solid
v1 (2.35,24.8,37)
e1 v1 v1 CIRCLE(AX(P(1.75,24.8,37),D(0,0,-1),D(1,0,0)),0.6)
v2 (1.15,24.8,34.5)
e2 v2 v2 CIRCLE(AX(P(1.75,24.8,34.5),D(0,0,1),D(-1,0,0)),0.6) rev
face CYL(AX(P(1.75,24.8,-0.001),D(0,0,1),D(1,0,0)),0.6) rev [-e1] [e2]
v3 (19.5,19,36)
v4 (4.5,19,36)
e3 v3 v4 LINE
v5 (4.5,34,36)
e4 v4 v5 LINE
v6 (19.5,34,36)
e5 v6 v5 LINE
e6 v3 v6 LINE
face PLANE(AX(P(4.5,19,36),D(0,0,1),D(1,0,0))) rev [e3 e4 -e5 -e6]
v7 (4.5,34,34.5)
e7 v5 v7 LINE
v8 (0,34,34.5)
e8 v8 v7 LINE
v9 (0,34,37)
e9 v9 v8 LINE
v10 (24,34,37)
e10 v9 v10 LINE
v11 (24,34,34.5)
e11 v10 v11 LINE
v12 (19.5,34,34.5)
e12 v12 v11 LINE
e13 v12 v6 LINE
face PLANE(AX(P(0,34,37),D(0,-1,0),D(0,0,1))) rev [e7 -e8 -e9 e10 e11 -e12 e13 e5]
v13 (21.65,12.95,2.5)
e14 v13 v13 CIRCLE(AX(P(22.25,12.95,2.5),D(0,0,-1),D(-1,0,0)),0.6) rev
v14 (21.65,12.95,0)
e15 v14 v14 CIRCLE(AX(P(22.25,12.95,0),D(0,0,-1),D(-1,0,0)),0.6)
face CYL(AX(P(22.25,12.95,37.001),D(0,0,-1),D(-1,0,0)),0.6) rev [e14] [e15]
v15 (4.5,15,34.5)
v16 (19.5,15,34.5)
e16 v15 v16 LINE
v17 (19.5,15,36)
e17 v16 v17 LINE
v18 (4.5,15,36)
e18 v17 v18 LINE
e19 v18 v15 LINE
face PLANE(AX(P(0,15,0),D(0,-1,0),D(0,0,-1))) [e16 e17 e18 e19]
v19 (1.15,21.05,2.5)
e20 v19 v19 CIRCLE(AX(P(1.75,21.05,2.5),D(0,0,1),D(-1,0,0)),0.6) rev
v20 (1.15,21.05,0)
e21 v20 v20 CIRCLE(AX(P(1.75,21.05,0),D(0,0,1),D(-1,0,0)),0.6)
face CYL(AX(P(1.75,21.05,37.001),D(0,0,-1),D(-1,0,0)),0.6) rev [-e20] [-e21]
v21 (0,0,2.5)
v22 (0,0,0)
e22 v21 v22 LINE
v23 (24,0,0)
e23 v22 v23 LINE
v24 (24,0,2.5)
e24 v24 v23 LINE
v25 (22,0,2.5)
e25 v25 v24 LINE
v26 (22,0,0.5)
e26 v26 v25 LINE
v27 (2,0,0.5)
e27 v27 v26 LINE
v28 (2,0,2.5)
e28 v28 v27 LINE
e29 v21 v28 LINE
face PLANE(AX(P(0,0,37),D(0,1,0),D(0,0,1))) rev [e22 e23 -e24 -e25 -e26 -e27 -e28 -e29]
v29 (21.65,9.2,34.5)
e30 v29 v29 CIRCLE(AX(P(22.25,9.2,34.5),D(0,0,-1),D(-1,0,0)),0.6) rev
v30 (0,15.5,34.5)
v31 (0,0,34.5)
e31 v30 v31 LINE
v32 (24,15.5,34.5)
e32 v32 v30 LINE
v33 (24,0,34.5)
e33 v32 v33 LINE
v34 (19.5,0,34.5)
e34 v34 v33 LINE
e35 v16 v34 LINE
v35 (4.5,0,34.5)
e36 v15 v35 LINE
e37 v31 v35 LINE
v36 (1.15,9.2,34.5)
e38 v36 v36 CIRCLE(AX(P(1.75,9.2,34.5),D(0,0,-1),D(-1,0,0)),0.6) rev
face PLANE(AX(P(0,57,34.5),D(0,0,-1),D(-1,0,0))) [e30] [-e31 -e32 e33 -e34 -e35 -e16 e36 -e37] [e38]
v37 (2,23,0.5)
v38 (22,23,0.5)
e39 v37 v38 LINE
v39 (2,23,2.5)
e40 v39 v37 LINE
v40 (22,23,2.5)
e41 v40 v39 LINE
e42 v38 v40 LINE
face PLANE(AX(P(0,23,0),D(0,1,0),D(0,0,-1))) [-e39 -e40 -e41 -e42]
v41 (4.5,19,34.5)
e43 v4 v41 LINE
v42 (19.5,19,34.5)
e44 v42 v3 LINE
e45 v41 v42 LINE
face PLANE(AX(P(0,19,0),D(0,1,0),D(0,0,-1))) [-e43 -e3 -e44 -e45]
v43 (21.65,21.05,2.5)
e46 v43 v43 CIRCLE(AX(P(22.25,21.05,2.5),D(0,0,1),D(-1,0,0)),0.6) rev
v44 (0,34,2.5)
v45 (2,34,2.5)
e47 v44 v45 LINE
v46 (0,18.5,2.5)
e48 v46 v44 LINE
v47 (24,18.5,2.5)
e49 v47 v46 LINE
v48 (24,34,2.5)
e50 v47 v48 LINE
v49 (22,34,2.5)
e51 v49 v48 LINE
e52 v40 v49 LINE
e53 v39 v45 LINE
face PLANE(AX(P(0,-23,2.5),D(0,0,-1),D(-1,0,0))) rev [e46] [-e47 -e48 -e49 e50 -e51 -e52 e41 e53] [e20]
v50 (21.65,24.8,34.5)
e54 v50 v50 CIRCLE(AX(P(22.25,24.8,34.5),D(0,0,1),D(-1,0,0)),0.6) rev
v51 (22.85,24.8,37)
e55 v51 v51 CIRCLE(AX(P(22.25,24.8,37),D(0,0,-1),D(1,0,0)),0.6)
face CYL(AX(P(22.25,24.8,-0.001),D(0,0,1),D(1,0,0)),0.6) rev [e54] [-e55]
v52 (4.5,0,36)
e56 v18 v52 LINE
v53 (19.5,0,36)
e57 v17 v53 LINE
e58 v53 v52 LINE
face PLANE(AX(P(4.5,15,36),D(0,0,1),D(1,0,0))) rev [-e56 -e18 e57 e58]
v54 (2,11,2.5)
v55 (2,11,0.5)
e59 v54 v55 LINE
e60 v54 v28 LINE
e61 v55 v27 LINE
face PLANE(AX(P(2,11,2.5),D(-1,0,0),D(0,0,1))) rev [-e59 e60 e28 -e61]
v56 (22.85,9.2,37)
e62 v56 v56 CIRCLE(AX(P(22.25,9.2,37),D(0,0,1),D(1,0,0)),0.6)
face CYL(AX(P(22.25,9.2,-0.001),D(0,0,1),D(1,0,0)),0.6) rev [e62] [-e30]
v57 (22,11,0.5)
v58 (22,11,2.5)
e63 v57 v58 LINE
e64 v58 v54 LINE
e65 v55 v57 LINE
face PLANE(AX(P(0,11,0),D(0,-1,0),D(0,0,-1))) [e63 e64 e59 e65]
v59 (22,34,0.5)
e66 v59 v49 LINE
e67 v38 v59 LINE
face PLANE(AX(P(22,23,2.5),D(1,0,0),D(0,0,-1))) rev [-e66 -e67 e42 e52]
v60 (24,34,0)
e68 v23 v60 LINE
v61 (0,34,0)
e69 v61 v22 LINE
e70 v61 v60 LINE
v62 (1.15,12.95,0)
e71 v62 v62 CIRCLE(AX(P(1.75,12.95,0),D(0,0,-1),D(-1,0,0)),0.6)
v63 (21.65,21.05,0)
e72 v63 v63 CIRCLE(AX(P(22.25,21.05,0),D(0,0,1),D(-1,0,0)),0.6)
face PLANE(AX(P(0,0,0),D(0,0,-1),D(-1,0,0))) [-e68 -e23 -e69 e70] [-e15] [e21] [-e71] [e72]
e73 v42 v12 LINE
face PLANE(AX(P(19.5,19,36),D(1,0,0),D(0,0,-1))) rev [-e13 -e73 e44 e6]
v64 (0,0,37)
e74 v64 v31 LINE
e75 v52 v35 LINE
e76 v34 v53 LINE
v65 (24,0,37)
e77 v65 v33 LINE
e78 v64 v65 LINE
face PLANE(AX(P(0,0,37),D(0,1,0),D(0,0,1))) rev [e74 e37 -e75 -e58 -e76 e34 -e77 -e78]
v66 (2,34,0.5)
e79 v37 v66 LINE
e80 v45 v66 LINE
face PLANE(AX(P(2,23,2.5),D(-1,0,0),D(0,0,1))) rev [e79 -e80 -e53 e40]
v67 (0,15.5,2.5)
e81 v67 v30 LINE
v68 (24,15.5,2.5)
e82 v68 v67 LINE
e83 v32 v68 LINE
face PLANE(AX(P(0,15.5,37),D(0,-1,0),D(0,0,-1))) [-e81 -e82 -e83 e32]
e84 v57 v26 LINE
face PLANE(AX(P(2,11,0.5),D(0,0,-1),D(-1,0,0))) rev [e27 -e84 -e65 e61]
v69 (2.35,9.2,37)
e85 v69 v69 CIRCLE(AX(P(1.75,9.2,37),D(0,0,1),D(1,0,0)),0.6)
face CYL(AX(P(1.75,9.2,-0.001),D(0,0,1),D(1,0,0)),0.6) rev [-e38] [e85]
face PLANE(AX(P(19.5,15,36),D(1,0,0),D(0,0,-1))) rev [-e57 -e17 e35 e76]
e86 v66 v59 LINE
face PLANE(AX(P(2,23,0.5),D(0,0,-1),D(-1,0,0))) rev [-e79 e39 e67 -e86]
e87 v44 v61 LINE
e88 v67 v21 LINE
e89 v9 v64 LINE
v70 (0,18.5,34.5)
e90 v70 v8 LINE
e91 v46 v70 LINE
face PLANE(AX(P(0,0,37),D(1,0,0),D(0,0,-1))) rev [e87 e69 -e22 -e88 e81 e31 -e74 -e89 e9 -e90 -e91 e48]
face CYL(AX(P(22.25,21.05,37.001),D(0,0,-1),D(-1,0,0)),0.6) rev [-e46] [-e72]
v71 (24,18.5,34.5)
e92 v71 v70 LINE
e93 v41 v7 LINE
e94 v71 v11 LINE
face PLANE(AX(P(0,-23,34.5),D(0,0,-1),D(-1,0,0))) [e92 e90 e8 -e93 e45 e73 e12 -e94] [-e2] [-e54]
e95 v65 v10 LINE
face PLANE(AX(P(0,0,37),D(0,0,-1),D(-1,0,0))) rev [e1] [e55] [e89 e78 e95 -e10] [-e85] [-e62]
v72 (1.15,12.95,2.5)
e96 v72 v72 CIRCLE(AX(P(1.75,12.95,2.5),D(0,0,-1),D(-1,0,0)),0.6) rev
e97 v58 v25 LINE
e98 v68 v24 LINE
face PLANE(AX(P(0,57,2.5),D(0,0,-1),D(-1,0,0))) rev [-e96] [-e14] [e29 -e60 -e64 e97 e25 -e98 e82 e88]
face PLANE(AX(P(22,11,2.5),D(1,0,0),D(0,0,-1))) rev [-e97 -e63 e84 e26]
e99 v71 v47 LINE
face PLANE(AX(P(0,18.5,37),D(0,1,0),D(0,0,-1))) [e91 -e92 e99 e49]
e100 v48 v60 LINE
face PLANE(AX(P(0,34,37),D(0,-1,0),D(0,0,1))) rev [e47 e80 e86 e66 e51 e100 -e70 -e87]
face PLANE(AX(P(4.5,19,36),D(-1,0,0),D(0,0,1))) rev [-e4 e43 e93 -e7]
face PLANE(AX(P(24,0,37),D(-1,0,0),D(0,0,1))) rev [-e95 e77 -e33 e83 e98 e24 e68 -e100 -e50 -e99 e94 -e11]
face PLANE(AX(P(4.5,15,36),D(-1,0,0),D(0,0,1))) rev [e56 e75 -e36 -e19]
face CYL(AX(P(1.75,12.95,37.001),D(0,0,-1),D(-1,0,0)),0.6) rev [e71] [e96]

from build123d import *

# Parameters (mm, degrees)
SKETCH_1_W          = 24
SKETCH_1_H          = 17
EXTRUDE_1_DEPTH     = 37
CUT_EXTRUDE_1_DEPTH = 15.5
CUT_EXTRUDE_2_REACH = 49.265
SKETCH_3_R          = 0.6
CUT_EXTRUDE_3_REACH = 49.265
SKETCH_4_R          = 0.6
SKETCH_5_W          = 20
SKETCH_5_H          = 2
CUT_EXTRUDE_4_DEPTH = 11
SKETCH_6_W          = 15
SKETCH_6_H          = 1.5
CUT_EXTRUDE_5_DEPTH = 15


with BuildPart() as part:
    # 草图1 → 凸台-拉伸1 (new body)
    with BuildSketch(Plane.XY):
        with Locations((12, 8.5)):
            Rectangle(SKETCH_1_W, SKETCH_1_H)
    extrude(amount=EXTRUDE_1_DEPTH)

    # 草图2 → 切除-拉伸1 (cut)
    with BuildSketch(Plane.XZ):
        Polygon((24, 34.5), (0, 34.5), (0, 18.5), (0, 2.5), (24, 2.5), align=None)
    extrude(amount=-CUT_EXTRUDE_1_DEPTH, mode=Mode.SUBTRACT)

    # 草图3 → 切除-拉伸2 (cut, up to next)
    with BuildSketch(Plane.XY.offset(37), mode=Mode.PRIVATE) as cut_extrude_2_sk1:
        with Locations((1.75, 9.2)):
            Circle(SKETCH_3_R)
    cut_extrude_2_tool1 = extrude(cut_extrude_2_sk1.sketch, amount=-CUT_EXTRUDE_2_REACH, mode=Mode.PRIVATE) & part.part
    # 草图3 → 切除-拉伸2 (cut, up to next)
    with BuildSketch(Plane.XY.offset(37), mode=Mode.PRIVATE) as cut_extrude_2_sk2:
        with Locations((22.25, 9.2)):
            Circle(SKETCH_3_R)
    cut_extrude_2_tool2 = extrude(cut_extrude_2_sk2.sketch, amount=-CUT_EXTRUDE_2_REACH, mode=Mode.PRIVATE) & part.part
    add(cut_extrude_2_tool1.solids().sort_by_distance((1.75, 9.2, 37))[0], mode=Mode.SUBTRACT)
    add(cut_extrude_2_tool2.solids().sort_by_distance((22.25, 9.2, 37))[0], mode=Mode.SUBTRACT)

    # 草图4 → 切除-拉伸3 (cut, up to next)
    with BuildSketch(Plane(origin=(0, 0, 0), x_dir=(-1, 0, 0), z_dir=(0, 0, -1)), mode=Mode.PRIVATE) as cut_extrude_3_sk1:
        with Locations((-22.25, 12.95)):
            Circle(SKETCH_4_R)
    cut_extrude_3_tool1 = extrude(cut_extrude_3_sk1.sketch, amount=-CUT_EXTRUDE_3_REACH, mode=Mode.PRIVATE) & part.part
    # 草图4 → 切除-拉伸3 (cut, up to next)
    with BuildSketch(Plane(origin=(0, 0, 0), x_dir=(-1, 0, 0), z_dir=(0, 0, -1)), mode=Mode.PRIVATE) as cut_extrude_3_sk2:
        with Locations((-1.75, 12.95)):
            Circle(SKETCH_4_R)
    cut_extrude_3_tool2 = extrude(cut_extrude_3_sk2.sketch, amount=-CUT_EXTRUDE_3_REACH, mode=Mode.PRIVATE) & part.part
    add(cut_extrude_3_tool1.solids().sort_by_distance((22.25, 12.95, 0))[0], mode=Mode.SUBTRACT)
    add(cut_extrude_3_tool2.solids().sort_by_distance((1.75, 12.95, 0))[0], mode=Mode.SUBTRACT)

    # 草图5 → 切除-拉伸4 (cut)
    with BuildSketch(Plane.XZ):
        with Locations((12, 1.5)):
            Rectangle(SKETCH_5_W, SKETCH_5_H)
    extrude(amount=-CUT_EXTRUDE_4_DEPTH, mode=Mode.SUBTRACT)

    # 草图6 → 切除-拉伸5 (cut)
    with BuildSketch(Plane.XZ):
        with Locations((12, 35.25)):
            Rectangle(SKETCH_6_W, SKETCH_6_H)
    extrude(amount=-CUT_EXTRUDE_5_DEPTH, mode=Mode.SUBTRACT)

    # 镜向1: part across plane


with BuildPart() as part_1:
    add(part.part)
    add(part.part.mirror(Plane.ZX.offset(17)))


solid = part_1.part
